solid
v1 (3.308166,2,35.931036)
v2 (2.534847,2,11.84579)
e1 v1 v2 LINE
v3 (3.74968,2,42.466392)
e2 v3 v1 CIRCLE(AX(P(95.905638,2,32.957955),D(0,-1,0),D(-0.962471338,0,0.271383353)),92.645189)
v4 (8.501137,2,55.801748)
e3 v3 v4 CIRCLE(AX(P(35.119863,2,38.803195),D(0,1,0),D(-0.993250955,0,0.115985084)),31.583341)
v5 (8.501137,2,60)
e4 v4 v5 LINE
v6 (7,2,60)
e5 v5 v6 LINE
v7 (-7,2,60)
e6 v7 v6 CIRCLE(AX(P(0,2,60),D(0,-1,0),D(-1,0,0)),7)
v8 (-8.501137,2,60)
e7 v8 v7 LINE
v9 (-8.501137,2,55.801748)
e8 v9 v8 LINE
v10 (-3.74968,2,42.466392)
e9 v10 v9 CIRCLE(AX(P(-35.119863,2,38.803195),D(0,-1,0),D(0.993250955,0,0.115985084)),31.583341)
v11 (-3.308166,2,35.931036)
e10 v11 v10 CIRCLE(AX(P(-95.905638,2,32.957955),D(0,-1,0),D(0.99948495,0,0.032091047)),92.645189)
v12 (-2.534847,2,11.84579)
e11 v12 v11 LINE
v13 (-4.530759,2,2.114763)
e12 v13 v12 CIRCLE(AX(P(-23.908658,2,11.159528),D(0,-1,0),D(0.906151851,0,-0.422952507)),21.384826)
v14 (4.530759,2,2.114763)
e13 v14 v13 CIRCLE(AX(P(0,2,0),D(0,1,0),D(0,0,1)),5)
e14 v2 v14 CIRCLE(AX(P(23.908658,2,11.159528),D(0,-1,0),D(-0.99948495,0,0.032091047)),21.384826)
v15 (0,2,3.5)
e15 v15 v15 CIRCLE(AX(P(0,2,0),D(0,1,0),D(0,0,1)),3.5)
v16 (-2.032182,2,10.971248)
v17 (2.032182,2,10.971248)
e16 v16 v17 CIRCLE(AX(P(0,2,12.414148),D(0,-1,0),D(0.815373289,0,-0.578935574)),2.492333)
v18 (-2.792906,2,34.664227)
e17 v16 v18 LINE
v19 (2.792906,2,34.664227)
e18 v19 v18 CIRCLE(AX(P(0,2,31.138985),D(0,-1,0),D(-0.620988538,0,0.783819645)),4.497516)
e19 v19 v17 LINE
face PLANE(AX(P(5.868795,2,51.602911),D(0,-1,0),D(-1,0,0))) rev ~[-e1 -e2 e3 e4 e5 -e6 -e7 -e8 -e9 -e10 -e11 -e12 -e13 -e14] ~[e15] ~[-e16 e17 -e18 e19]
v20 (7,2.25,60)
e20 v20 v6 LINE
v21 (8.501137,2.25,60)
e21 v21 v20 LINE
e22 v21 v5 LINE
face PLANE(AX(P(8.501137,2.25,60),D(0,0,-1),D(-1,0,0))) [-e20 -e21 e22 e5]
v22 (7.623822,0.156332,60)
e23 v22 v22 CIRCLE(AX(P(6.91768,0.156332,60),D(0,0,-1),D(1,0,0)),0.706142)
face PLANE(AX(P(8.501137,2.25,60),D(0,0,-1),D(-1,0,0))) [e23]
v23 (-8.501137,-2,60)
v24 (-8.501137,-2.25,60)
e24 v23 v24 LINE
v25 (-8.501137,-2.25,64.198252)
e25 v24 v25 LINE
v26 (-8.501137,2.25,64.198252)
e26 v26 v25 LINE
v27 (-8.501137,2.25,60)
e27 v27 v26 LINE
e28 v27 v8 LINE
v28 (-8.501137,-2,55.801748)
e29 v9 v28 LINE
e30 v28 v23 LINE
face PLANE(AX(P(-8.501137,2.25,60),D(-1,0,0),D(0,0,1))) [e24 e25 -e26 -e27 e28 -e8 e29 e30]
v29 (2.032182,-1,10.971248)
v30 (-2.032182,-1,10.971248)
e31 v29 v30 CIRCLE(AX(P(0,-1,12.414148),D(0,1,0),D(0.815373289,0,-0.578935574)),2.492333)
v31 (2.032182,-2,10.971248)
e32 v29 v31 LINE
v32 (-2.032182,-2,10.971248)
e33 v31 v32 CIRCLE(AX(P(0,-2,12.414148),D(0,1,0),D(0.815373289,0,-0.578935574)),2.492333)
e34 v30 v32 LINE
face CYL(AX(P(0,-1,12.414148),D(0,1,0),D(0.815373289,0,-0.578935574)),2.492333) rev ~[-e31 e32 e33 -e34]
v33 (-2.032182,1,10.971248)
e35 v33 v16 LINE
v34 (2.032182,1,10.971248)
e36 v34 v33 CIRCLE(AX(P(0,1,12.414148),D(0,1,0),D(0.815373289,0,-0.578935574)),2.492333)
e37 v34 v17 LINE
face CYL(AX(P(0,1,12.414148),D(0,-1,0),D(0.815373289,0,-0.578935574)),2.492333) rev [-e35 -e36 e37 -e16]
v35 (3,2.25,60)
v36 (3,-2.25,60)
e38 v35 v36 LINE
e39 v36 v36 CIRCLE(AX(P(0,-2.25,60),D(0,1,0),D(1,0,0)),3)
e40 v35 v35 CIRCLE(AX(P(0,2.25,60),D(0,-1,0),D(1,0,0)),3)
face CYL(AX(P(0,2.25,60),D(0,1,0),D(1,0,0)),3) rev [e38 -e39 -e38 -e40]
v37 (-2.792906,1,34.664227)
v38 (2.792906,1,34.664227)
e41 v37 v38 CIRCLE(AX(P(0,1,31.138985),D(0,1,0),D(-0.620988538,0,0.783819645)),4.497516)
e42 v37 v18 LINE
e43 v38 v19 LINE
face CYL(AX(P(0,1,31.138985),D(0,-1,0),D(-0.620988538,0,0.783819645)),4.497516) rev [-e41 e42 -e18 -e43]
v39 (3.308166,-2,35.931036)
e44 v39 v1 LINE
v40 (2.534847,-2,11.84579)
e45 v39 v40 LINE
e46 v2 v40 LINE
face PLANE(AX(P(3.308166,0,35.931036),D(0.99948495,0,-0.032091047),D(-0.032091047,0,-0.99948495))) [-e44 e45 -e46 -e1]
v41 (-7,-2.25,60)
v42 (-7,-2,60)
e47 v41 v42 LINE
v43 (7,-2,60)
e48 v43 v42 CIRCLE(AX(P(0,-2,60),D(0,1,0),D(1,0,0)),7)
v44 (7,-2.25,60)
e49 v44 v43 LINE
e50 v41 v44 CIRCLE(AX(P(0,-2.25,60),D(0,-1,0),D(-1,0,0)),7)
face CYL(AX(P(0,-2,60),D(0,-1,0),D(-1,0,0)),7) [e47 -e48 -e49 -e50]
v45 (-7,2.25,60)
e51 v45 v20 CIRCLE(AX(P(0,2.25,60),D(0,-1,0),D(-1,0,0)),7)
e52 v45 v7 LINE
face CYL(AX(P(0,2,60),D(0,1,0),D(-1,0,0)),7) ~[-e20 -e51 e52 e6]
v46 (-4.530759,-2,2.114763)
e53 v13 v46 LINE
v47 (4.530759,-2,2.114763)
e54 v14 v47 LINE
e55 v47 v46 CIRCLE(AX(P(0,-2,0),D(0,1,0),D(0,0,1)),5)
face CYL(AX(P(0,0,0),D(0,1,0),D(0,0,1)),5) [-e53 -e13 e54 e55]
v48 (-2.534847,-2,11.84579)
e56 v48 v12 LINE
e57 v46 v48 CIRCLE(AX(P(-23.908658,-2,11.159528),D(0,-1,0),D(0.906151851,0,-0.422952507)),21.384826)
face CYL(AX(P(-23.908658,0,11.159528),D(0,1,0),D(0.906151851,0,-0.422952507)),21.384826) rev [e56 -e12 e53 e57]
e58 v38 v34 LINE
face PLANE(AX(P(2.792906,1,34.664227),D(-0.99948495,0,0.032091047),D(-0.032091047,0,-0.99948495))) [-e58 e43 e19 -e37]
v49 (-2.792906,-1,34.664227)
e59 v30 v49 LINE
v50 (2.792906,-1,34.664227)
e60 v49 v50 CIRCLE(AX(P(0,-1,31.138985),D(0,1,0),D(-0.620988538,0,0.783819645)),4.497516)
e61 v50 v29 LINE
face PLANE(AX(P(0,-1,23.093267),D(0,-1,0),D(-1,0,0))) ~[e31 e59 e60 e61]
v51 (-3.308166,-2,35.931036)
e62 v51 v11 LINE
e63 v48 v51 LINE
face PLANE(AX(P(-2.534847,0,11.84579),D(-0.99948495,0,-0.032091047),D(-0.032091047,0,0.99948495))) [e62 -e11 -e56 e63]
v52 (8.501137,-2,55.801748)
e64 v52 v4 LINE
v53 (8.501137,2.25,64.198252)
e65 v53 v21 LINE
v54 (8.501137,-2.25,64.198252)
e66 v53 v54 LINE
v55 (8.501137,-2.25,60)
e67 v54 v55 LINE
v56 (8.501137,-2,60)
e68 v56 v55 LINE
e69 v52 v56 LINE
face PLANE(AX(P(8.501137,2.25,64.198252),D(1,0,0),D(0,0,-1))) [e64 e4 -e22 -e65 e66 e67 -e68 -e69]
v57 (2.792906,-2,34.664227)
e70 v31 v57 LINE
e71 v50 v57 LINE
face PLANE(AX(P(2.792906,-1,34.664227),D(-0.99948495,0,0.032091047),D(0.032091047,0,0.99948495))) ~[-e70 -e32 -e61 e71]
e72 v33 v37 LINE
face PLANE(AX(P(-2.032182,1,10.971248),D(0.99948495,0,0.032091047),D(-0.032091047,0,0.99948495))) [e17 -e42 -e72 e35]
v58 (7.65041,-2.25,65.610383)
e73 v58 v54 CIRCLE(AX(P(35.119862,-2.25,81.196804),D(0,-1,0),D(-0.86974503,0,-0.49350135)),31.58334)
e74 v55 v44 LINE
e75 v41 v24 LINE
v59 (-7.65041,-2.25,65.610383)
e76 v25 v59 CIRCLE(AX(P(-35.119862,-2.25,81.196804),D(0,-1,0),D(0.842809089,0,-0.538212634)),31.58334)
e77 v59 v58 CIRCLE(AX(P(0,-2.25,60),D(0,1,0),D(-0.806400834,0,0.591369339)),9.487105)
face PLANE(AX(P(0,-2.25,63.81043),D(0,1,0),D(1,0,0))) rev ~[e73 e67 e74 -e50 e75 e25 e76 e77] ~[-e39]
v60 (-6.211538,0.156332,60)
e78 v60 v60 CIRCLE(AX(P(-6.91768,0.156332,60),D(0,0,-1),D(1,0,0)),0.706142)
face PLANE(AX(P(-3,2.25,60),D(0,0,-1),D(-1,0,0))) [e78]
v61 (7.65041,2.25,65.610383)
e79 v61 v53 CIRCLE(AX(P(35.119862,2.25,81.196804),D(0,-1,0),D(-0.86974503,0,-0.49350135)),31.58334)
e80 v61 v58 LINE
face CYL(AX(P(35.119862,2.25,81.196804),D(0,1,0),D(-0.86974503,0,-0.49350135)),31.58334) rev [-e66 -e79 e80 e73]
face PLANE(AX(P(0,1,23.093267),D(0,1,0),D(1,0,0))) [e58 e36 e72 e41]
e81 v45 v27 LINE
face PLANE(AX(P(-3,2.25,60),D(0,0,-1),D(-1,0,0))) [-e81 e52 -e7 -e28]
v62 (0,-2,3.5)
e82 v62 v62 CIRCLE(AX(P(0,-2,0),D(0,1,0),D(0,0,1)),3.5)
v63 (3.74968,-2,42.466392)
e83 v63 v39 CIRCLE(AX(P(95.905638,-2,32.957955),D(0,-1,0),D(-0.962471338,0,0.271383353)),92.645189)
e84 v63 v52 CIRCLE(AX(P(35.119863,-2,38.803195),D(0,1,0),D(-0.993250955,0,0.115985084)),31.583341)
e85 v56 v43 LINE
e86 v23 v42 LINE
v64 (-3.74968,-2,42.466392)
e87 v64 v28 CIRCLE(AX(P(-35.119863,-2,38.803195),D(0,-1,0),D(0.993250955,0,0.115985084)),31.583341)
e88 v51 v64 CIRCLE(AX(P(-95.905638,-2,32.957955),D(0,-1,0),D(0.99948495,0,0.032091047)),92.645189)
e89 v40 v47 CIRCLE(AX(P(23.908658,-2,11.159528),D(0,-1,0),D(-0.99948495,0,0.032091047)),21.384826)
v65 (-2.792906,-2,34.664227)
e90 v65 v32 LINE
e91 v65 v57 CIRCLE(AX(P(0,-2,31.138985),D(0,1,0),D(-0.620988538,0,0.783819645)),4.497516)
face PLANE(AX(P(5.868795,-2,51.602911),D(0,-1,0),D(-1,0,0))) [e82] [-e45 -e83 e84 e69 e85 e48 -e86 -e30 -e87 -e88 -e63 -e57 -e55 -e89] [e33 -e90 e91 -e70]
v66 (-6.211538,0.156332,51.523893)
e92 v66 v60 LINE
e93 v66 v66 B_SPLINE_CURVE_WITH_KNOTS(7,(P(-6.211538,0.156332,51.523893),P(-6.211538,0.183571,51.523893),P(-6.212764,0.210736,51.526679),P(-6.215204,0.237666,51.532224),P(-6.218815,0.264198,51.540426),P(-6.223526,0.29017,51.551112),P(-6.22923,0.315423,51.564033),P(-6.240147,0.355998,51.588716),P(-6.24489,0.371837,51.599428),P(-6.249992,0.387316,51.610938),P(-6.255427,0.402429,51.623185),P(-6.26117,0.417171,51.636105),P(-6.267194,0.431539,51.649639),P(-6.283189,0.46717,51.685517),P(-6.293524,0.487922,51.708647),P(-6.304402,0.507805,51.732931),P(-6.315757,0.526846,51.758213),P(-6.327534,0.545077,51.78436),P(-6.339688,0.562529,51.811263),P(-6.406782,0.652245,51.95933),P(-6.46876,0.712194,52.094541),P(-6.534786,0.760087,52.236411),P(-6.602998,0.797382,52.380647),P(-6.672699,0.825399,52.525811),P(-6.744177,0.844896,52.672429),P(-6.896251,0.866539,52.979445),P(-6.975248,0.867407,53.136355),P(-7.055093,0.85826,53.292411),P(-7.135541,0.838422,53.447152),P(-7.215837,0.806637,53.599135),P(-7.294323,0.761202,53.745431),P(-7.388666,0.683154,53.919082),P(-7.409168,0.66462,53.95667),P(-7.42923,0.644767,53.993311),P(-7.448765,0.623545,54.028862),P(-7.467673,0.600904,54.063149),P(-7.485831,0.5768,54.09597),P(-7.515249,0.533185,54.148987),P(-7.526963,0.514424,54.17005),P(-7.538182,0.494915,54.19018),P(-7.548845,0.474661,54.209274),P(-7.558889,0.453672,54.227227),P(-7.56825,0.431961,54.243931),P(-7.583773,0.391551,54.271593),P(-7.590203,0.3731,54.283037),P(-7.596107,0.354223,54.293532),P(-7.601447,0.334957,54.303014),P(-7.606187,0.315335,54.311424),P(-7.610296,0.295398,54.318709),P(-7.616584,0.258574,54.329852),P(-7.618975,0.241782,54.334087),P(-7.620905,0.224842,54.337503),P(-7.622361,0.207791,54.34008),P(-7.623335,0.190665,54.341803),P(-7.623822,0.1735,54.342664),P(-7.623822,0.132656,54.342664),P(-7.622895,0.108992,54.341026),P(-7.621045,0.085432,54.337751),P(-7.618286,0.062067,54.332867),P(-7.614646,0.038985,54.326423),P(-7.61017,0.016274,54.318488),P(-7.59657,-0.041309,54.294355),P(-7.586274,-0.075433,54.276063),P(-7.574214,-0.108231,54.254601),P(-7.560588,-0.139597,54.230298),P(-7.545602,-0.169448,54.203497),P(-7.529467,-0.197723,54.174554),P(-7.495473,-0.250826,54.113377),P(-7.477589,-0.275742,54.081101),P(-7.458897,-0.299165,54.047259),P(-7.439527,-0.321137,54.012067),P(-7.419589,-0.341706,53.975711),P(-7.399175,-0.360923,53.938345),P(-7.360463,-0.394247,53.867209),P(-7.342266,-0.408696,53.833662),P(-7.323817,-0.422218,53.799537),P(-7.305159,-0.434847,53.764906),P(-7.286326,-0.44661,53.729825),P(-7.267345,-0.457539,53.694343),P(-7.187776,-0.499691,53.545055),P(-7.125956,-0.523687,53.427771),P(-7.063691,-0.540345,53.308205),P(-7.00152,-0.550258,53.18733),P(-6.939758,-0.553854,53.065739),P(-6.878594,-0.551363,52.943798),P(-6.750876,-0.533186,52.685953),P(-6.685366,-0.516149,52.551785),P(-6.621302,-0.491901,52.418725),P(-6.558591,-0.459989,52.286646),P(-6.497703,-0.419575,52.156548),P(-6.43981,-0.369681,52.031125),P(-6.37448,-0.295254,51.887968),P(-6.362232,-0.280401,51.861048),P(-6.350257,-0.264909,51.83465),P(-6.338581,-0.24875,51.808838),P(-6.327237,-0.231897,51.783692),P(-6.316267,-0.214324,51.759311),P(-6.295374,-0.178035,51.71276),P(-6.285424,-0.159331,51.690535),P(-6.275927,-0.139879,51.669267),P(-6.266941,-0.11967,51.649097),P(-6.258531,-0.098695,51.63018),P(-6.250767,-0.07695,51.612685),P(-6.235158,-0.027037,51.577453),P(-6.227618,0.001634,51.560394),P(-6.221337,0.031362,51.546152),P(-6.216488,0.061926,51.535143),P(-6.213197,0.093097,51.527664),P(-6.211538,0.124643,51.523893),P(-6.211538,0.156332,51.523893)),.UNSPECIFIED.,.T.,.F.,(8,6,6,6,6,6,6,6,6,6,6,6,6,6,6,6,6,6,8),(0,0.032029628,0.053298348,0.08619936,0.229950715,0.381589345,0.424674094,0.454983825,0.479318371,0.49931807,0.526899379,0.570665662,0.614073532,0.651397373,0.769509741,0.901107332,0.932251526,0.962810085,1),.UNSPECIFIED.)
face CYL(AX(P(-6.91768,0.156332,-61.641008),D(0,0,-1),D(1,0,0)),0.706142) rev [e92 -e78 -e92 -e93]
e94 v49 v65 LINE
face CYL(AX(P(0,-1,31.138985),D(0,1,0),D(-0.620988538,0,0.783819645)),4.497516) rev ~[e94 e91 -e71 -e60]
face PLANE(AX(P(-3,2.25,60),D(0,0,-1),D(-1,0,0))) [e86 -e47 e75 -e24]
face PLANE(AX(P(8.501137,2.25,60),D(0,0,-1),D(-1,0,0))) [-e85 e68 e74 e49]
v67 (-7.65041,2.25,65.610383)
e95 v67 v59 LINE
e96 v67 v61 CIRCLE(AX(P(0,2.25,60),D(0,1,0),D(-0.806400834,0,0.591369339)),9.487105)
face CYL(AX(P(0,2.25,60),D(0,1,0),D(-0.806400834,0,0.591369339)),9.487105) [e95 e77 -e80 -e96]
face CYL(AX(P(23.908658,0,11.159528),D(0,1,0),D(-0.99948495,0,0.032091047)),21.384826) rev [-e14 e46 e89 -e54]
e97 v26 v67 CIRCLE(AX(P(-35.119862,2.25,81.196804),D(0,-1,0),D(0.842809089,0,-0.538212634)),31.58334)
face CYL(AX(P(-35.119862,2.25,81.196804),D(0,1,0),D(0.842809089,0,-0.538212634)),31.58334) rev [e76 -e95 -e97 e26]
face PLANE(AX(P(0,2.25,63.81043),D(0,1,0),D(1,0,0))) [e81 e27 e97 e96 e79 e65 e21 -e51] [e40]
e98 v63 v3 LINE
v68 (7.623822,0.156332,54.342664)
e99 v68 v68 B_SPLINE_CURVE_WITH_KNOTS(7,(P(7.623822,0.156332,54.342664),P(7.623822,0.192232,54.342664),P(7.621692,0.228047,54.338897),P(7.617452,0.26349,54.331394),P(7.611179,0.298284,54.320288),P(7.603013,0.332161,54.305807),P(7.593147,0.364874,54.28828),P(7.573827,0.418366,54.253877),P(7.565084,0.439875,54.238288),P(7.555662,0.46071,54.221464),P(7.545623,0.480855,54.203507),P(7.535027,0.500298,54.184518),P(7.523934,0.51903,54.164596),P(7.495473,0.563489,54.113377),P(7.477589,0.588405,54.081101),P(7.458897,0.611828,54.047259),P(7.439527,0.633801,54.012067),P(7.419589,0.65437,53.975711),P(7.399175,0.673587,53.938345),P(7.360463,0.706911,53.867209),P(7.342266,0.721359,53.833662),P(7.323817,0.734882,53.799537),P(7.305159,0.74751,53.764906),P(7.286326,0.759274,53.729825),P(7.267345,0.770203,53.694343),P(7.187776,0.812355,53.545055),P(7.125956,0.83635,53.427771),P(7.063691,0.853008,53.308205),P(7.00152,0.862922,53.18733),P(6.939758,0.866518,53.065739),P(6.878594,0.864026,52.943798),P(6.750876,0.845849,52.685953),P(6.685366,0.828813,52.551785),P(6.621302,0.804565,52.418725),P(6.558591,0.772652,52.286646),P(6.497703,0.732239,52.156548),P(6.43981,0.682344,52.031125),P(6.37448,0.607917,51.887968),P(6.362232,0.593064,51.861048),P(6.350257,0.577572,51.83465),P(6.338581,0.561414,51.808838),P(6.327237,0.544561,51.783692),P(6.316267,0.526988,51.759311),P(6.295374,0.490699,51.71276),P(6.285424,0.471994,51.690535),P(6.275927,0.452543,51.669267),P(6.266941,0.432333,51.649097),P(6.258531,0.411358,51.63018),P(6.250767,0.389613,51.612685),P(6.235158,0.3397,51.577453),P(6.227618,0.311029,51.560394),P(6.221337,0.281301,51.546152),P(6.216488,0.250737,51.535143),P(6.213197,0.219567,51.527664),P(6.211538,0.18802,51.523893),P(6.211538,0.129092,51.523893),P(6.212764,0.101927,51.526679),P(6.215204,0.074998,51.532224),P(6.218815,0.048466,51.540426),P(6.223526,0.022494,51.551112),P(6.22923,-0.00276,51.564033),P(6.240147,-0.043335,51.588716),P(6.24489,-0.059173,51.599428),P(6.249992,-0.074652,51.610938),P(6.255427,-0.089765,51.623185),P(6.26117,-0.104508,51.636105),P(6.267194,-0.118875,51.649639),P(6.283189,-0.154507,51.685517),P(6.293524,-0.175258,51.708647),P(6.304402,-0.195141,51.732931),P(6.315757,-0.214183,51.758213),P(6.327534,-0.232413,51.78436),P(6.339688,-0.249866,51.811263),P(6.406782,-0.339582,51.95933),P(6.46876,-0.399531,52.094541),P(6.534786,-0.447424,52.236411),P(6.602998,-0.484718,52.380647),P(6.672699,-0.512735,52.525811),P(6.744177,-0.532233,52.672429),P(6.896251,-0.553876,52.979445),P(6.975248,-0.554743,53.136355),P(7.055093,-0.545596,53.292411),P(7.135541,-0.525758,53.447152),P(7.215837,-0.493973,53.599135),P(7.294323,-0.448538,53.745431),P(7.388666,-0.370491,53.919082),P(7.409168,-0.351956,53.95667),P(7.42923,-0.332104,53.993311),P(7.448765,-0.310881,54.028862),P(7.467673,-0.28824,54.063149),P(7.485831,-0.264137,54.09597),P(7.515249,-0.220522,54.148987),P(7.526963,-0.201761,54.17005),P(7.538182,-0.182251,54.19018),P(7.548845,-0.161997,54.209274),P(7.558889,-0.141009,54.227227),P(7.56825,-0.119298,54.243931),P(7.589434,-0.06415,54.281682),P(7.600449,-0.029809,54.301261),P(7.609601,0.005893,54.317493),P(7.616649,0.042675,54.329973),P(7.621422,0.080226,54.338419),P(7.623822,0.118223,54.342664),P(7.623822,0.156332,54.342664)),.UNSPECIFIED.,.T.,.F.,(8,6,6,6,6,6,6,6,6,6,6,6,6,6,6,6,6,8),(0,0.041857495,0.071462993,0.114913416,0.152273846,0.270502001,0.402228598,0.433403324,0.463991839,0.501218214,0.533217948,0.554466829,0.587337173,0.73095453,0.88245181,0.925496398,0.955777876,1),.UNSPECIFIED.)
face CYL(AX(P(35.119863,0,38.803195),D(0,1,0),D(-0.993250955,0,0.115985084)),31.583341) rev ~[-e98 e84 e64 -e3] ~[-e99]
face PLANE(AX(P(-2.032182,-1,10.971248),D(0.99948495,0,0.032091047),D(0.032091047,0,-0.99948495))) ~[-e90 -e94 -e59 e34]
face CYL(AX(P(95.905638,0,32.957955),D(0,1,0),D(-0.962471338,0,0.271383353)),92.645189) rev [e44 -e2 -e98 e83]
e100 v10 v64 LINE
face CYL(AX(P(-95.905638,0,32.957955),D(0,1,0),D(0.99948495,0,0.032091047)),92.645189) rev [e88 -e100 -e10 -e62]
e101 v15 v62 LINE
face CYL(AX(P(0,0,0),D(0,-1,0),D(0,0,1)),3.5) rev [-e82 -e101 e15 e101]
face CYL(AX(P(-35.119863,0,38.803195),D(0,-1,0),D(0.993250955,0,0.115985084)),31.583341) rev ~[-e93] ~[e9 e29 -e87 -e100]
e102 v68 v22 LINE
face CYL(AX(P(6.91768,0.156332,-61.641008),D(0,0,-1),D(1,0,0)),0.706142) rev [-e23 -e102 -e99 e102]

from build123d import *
from build123d.topology import SkipClean

# Parameters (mm, degrees)
SKETCH_1_R               = 5
SKETCH_1_R_2             = 3.5
EXTRUDE_1_DEPTH          = 2
EXTRUDE_2_DEPTH          = 2
CUT_EXTRUDE_1_DEPTH      = 61.539243471
CUT_EXTRUDE_1_DEPTH_BACK = 61.539243471
EXTRUDE_3_DEPTH          = 0.25
EXTRUDE_4_DEPTH          = 2
CUT_EXTRUDE_START        = 1
CUT_EXTRUDE_2_DEPTH      = 63.641007782
CUT_EXTRUDE_3_DEPTH      = 61.641007782
CUT_EXTRUDE_3_DEPTH_BACK = 61.641007782
SKETCH_8_R               = 0.706141664
EXTRUDE_5_DEPTH          = 4.5


with BuildPart() as part:
    # 草图1 → 凸台-拉伸1 (new, symmetric)
    with BuildSketch(Plane(origin=(0, 0, 0), x_dir=(1, 0, 0), z_dir=(0, 1, 0))):
        with Locations(Location((0, 0, 0), (0, 0, 270))):
            Circle(SKETCH_1_R)
        with Locations(Location((0, 0, 0), (0, 0, 270))):
            Circle(SKETCH_1_R_2, mode=Mode.SUBTRACT)
    extrude(amount=EXTRUDE_1_DEPTH, both=True)

    # 草图3 → 凸台-拉伸2 (add, symmetric)
    with BuildSketch(Plane(origin=(0, 0, 0), x_dir=(1, 0, 0), z_dir=(0, 1, 0))):
        with BuildLine():
            ThreePointArc((-4.530759254, -2.114762536), (-2.959942563, -6.862777701), (-2.534847218, -11.845789545))
            Line((-2.534847218, -11.845789545), (-3.308166283, -35.931035681))
            ThreePointArc((-3.308166283, -35.931035681), (-4.349252604, -47.119849682), (-6.737299363, -58.100316528))
            ThreePointArc((-6.737299363, -58.100316528), (0, -53), (6.737299363, -58.100316528))
            ThreePointArc((6.737299363, -58.100316528), (4.349252604, -47.119849682), (3.308166283, -35.931035681))
            Line((3.308166283, -35.931035681), (2.534847218, -11.845789545))
            ThreePointArc((2.534847218, -11.845789545), (2.959942563, -6.862777701), (4.530759254, -2.114762536))
            ThreePointArc((4.530759254, -2.114762536), (0, -5), (-4.530759254, -2.114762536))
        make_face()
        with BuildLine():
            Line((-7, -60), (7, -60))
            ThreePointArc((7, -60), (0, -53), (-7, -60))
        make_face()
    extrude(amount=EXTRUDE_2_DEPTH, both=True)

    # 草图4 → 切除-拉伸1 (cut, two sides: drawn at the far end of the back side and taken through both)
    with BuildSketch(Plane(origin=(0, 2, 0), x_dir=(1, 0, 0), z_dir=(0, 1, 0)).offset(-CUT_EXTRUDE_1_DEPTH_BACK)):
        with BuildLine():
            Line((-3, -60), (3, -60))
            ThreePointArc((3, -60), (0, -57), (-3, -60))
        make_face()
    extrude(amount=CUT_EXTRUDE_1_DEPTH + CUT_EXTRUDE_1_DEPTH_BACK, mode=Mode.SUBTRACT)

    # 草图5 → 凸台-拉伸3 (add, symmetric)
    with SkipClean():  # the faces are left unmerged after this step: merging them gives an invalid solid
        with BuildSketch(Plane(origin=(0, 2, 0), x_dir=(1, 0, 0), z_dir=(0, 1, 0))):
            with BuildLine():
                Line((-3, -60), (-7, -60))
                ThreePointArc((-7, -60), (0, -53), (7, -60))
                Line((7, -60), (3, -60))
                ThreePointArc((3, -60), (0, -57), (-3, -60))
            make_face()
        extrude_3 = extrude(amount=EXTRUDE_3_DEPTH, both=True)

    # 镜向1: 凸台-拉伸3 across plane
    with SkipClean():  # the faces are left unmerged after this step: merging them gives an invalid solid
        add(extrude_3.mirror(Plane.ZX))

    # 草图6 → 凸台-拉伸4 (add, symmetric)
    with BuildSketch(Plane(origin=(0, 0, 0), x_dir=(1, 0, 0), z_dir=(0, 1, 0))):
        with BuildLine():
            Line((-8.501136679, -55.801748406), (-8.501136679, -60))
            Line((-8.501136679, -60), (-7, -60))
            ThreePointArc((-7, -60), (-6.934013828, -59.041119283), (-6.737299363, -58.100316528))
            ThreePointArc((-6.737299363, -58.100316528), (-4.907121304, -50.347633667), (-3.749679969, -42.466391834))
            ThreePointArc((-3.749679969, -42.466391834), (-5.3686221, -49.403716977), (-8.501136679, -55.801748406))
        make_face()
        with BuildLine():
            Line((8.501136679, -60), (7, -60))
            ThreePointArc((7, -60), (6.934013828, -59.041119283), (6.737299363, -58.100316528))
            ThreePointArc((6.737299363, -58.100316528), (4.907121304, -50.347633667), (3.749679969, -42.466391834))
            ThreePointArc((3.749679969, -42.466391834), (5.3686221, -49.403716977), (8.501136679, -55.801748406))
            Line((8.501136679, -55.801748406), (8.501136679, -60))
        make_face()
    extrude(amount=EXTRUDE_4_DEPTH, both=True)

    # 草图7 → 切除-拉伸2 (cut)
    with BuildSketch(Plane(origin=(0, 0, 0), x_dir=(1, 0, 0), z_dir=(0, 1, 0)).offset(CUT_EXTRUDE_START)):
        with BuildLine():
            Line((-2.032181597, -10.971248009), (-2.792905901, -34.66422669))
            ThreePointArc((-2.792905901, -34.66422669), (0, -35.636501302), (2.792905901, -34.66422669))
            Line((2.792905901, -34.66422669), (2.032181597, -10.971248009))
            ThreePointArc((2.032181597, -10.971248009), (0, -9.921815328), (-2.032181597, -10.971248009))
        make_face()
    cut_extrude_2 = extrude(amount=CUT_EXTRUDE_2_DEPTH, mode=Mode.SUBTRACT)

    # 镜向2: 切除-拉伸2 across plane
    add(cut_extrude_2.mirror(Plane.ZX), mode=Mode.SUBTRACT)

    # 草图8 → 切除-拉伸3 (cut, two sides: drawn at the far end of the back side and taken through both)
    with BuildSketch(Plane.XY.offset(-CUT_EXTRUDE_3_DEPTH_BACK)):
        with Locations((-6.917679895, 0.156331749)):
            Circle(SKETCH_8_R)
        with Locations((6.917679895, 0.156331749)):
            Circle(SKETCH_8_R)
    extrude(amount=CUT_EXTRUDE_3_DEPTH + CUT_EXTRUDE_3_DEPTH_BACK, mode=Mode.SUBTRACT)

    # 草图11 → 凸台-拉伸5 (add)
    with BuildSketch(Plane(origin=(0, 2.25, 0), x_dir=(1, 0, 0), z_dir=(0, 1, 0))):
        with BuildLine():
            Line((8.501136679, -64.198251594), (8.501136679, -60))
            Line((8.501136679, -60), (3, -60))
            ThreePointArc((3, -60), (0, -63), (-3, -60))
            Line((-3, -60), (-8.501136679, -60))
            Line((-8.501136679, -60), (-8.501136679, -64.198251594))
            ThreePointArc((-8.501136679, -64.198251594), (-8.066557797, -64.898765683), (-7.650409709, -65.61038325))
            ThreePointArc((-7.650409709, -65.61038325), (0, -69.487105403), (7.650409709, -65.61038325))
            ThreePointArc((7.650409709, -65.61038325), (8.066557797, -64.898765683), (8.501136679, -64.198251594))
        make_face()
    extrude(amount=-EXTRUDE_5_DEPTH)


solid = part.part
